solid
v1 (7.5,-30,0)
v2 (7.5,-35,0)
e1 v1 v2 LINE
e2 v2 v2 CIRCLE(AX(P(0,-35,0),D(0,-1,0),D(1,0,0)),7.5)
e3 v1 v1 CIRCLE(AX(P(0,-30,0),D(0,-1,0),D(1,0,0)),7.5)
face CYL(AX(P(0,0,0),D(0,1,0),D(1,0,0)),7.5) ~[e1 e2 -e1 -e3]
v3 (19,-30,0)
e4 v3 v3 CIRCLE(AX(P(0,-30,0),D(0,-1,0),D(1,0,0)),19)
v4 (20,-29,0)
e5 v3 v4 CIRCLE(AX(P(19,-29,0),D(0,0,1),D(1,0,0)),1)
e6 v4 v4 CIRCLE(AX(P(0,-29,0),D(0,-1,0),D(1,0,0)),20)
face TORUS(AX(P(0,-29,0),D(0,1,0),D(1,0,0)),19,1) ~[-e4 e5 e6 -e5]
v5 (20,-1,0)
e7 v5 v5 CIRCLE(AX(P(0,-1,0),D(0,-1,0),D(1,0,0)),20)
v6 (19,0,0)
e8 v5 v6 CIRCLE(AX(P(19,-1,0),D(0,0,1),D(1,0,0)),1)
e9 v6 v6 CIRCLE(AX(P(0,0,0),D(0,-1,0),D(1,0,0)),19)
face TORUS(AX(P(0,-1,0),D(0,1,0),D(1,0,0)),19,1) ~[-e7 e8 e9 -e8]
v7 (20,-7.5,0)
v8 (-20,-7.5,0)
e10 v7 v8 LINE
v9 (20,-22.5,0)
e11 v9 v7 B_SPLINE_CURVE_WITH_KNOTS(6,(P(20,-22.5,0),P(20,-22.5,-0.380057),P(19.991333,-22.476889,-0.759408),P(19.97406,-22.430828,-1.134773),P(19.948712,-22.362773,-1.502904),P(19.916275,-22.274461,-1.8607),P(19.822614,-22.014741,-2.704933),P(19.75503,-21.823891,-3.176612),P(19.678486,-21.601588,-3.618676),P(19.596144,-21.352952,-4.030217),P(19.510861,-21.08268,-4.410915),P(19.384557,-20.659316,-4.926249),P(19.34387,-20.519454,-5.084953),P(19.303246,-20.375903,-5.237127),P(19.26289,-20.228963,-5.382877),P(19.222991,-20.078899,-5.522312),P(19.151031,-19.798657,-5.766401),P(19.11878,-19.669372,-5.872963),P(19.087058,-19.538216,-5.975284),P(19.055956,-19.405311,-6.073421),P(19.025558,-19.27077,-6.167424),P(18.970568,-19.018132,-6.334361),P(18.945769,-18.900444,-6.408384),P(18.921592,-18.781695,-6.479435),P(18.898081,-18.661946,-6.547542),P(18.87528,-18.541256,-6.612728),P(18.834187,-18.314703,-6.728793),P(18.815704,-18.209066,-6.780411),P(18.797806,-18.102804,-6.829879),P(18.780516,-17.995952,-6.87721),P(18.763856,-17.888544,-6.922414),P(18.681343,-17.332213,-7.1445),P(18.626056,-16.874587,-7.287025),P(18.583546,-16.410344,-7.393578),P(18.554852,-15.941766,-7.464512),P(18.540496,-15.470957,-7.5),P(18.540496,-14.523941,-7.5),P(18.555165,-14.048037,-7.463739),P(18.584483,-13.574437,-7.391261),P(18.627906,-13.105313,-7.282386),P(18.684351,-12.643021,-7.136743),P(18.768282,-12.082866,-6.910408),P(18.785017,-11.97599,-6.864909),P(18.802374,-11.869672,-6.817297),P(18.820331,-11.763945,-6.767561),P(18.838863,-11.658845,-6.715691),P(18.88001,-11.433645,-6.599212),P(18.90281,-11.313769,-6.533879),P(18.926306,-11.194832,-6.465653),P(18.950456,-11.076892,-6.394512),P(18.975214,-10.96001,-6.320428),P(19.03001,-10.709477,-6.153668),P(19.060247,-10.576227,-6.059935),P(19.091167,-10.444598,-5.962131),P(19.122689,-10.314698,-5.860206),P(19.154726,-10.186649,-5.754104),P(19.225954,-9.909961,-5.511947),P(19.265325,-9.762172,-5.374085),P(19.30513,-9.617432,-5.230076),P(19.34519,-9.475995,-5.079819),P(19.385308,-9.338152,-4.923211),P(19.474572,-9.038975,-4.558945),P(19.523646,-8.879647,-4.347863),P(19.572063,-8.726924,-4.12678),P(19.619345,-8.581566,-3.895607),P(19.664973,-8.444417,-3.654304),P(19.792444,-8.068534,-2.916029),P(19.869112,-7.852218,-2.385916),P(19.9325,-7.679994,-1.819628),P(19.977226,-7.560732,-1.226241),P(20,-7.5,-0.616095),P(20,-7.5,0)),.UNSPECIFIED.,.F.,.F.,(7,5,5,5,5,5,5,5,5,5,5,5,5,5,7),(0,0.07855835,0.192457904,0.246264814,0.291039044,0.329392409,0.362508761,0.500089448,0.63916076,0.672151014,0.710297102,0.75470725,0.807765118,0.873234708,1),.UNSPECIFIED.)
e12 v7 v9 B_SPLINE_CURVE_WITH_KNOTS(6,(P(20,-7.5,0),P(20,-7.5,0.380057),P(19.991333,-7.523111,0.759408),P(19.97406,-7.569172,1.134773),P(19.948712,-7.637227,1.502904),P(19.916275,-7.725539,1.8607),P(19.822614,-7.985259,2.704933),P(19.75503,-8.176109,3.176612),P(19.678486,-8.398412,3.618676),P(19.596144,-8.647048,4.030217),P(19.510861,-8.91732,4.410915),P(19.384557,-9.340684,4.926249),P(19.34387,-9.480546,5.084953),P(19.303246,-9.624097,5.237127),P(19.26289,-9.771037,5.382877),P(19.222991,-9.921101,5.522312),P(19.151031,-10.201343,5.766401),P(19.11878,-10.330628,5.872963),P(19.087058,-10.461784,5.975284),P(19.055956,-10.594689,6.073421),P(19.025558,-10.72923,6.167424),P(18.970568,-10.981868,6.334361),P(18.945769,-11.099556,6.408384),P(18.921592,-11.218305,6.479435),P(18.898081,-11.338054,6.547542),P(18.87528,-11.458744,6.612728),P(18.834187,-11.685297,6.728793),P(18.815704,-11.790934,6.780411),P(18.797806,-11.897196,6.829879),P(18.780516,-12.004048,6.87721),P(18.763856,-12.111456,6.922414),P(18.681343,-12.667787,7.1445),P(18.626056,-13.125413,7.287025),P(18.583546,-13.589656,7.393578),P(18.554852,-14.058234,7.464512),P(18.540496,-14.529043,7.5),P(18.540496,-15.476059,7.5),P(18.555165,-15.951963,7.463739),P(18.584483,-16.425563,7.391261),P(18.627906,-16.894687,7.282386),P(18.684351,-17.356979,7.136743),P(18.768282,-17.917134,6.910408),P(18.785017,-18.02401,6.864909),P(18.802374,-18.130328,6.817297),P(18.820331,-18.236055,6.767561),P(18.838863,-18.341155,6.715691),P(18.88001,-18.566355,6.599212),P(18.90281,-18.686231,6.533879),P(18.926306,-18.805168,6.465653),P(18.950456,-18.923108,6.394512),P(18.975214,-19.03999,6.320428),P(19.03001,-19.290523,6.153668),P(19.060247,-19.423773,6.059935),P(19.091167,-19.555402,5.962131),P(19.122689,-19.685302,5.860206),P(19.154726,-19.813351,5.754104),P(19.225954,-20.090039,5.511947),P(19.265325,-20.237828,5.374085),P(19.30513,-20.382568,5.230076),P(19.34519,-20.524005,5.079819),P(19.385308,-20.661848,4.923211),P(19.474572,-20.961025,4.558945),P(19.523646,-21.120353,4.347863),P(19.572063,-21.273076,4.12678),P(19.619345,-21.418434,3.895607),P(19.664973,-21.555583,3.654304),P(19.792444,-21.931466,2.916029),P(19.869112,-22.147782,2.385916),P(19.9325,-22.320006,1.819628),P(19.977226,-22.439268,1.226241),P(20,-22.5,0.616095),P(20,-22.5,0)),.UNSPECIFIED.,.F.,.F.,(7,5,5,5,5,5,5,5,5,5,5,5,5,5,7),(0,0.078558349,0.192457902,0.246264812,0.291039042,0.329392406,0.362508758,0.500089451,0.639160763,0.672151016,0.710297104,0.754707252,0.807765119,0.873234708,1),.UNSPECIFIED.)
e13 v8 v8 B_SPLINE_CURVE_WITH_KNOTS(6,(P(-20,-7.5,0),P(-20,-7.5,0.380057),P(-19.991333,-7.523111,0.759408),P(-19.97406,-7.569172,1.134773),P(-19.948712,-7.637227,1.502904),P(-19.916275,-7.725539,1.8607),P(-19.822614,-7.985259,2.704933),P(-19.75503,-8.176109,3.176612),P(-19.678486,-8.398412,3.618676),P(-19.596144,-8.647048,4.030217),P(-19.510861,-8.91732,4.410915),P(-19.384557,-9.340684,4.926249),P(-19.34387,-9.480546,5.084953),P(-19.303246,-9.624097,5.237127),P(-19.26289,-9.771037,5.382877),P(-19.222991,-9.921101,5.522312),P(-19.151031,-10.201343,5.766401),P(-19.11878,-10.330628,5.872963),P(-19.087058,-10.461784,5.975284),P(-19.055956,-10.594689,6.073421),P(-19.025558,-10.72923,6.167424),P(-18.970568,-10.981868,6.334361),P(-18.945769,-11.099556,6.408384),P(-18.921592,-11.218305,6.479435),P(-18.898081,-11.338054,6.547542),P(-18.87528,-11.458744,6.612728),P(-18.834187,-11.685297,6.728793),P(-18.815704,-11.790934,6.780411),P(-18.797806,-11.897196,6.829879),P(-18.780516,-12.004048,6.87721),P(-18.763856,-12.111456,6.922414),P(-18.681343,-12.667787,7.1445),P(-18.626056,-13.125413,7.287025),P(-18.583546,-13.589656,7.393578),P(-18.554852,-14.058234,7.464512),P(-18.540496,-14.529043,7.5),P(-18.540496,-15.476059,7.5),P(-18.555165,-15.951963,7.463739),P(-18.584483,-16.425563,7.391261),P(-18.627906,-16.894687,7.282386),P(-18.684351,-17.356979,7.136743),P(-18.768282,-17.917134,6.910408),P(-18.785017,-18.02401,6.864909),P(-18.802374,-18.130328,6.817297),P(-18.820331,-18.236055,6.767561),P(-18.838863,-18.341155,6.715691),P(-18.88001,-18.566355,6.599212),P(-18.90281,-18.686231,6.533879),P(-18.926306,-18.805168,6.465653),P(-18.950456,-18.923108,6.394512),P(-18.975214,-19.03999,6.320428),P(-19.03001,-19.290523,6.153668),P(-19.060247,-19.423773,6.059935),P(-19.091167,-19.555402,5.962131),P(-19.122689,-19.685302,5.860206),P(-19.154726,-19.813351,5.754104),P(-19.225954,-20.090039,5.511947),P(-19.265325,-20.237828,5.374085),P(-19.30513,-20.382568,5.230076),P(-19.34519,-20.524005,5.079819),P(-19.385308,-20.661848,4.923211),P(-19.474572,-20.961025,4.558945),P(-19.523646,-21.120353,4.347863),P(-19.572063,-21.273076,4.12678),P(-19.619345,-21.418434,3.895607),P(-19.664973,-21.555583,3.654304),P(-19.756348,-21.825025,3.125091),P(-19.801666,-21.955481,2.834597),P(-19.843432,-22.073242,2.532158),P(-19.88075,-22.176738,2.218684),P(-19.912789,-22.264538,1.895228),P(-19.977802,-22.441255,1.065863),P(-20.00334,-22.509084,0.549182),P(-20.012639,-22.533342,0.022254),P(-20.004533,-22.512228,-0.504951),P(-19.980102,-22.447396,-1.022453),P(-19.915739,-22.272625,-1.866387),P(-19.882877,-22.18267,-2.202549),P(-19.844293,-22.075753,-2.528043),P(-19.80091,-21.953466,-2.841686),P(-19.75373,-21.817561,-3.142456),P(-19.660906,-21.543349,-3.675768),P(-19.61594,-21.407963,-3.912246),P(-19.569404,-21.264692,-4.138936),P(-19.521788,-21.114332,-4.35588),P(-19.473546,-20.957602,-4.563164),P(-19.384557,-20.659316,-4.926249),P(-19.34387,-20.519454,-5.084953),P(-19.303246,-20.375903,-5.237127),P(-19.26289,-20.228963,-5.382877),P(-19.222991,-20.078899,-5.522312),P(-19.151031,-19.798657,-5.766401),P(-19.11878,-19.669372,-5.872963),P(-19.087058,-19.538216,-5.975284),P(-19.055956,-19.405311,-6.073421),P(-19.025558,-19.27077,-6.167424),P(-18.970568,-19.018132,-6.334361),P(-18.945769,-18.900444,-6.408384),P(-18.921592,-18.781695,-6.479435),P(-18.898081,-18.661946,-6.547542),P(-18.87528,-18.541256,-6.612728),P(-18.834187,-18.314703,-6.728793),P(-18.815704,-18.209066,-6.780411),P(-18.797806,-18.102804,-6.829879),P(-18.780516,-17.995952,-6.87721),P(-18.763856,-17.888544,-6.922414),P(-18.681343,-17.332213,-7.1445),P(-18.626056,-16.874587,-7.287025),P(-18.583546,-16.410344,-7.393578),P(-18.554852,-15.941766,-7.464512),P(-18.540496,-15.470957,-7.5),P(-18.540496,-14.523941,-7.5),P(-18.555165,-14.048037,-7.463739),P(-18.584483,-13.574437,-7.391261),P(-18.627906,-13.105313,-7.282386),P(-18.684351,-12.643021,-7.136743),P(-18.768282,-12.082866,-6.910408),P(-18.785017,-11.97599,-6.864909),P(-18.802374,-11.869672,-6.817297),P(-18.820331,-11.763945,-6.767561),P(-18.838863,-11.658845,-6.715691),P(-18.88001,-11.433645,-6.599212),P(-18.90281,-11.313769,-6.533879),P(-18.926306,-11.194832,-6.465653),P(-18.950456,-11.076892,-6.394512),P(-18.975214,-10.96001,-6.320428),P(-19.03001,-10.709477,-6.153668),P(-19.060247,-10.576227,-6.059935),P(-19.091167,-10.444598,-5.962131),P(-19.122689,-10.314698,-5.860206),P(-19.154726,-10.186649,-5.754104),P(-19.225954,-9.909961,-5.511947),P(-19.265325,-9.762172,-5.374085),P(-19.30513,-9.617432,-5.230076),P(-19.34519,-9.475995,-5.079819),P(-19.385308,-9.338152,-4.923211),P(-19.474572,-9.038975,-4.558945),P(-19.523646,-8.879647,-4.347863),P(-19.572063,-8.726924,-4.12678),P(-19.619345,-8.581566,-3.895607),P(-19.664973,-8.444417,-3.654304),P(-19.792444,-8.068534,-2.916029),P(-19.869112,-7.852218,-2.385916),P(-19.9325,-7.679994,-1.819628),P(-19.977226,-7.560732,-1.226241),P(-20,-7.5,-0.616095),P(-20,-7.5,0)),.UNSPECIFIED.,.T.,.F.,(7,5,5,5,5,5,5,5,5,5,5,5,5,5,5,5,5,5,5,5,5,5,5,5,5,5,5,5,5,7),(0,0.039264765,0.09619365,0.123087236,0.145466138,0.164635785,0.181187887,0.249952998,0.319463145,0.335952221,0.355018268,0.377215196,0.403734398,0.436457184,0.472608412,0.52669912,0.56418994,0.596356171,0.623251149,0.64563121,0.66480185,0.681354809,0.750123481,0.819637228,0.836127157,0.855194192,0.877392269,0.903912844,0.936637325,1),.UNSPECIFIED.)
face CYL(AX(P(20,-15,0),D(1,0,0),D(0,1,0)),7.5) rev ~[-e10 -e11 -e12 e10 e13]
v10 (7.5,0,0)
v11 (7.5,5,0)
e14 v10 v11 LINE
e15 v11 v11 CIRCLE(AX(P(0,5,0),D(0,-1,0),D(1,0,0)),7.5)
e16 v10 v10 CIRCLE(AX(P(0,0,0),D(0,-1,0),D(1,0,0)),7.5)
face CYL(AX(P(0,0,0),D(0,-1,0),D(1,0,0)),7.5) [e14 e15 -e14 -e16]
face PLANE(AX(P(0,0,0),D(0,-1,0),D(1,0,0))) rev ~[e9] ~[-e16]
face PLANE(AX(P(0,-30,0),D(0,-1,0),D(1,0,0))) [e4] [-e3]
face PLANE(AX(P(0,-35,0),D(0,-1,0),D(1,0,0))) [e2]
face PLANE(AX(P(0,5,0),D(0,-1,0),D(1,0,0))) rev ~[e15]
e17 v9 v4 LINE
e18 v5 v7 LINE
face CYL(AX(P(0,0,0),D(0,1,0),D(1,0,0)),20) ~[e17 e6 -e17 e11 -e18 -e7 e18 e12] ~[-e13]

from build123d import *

# Parameters (mm, degrees)
F0_R          = 20
F0_R_2        = 7.5
F1_DEPTH      = 30
F2_DEPTH      = 35
F2_DEPTH_BACK = 5
F4_R          = 7.5
F5_DEPTH      = 40.001
F6_R          = 1


with BuildPart() as f1:
    # F0 (on Front) → F1 (new body)
    with BuildSketch(Plane.XZ):
        Circle(F0_R)
        Circle(F0_R_2, mode=Mode.SUBTRACT)
    extrude(amount=F1_DEPTH)

    # F0 (on Front) → F2 (join, two sides)
    with BuildSketch(Plane.XZ) as f2_sk:
        Circle(F0_R_2)
    extrude(amount=F2_DEPTH)
    extrude(f2_sk.sketch, amount=-F2_DEPTH_BACK)

    # F4 (on offset) → F5 (cut, through all)
    with BuildSketch(Plane.YZ.offset(20)):
        with Locations((-15, 0)):
            Circle(F4_R)
    extrude(amount=-F5_DEPTH, mode=Mode.SUBTRACT)

    # F6
    f6_edges = [f1.edges().sort_by_distance(p)[0] for p in [
        (-20, -30, 0),
        (-20, 0, 0),
    ]]
    fillet(f6_edges, radius=F6_R)


solid = f1.part
